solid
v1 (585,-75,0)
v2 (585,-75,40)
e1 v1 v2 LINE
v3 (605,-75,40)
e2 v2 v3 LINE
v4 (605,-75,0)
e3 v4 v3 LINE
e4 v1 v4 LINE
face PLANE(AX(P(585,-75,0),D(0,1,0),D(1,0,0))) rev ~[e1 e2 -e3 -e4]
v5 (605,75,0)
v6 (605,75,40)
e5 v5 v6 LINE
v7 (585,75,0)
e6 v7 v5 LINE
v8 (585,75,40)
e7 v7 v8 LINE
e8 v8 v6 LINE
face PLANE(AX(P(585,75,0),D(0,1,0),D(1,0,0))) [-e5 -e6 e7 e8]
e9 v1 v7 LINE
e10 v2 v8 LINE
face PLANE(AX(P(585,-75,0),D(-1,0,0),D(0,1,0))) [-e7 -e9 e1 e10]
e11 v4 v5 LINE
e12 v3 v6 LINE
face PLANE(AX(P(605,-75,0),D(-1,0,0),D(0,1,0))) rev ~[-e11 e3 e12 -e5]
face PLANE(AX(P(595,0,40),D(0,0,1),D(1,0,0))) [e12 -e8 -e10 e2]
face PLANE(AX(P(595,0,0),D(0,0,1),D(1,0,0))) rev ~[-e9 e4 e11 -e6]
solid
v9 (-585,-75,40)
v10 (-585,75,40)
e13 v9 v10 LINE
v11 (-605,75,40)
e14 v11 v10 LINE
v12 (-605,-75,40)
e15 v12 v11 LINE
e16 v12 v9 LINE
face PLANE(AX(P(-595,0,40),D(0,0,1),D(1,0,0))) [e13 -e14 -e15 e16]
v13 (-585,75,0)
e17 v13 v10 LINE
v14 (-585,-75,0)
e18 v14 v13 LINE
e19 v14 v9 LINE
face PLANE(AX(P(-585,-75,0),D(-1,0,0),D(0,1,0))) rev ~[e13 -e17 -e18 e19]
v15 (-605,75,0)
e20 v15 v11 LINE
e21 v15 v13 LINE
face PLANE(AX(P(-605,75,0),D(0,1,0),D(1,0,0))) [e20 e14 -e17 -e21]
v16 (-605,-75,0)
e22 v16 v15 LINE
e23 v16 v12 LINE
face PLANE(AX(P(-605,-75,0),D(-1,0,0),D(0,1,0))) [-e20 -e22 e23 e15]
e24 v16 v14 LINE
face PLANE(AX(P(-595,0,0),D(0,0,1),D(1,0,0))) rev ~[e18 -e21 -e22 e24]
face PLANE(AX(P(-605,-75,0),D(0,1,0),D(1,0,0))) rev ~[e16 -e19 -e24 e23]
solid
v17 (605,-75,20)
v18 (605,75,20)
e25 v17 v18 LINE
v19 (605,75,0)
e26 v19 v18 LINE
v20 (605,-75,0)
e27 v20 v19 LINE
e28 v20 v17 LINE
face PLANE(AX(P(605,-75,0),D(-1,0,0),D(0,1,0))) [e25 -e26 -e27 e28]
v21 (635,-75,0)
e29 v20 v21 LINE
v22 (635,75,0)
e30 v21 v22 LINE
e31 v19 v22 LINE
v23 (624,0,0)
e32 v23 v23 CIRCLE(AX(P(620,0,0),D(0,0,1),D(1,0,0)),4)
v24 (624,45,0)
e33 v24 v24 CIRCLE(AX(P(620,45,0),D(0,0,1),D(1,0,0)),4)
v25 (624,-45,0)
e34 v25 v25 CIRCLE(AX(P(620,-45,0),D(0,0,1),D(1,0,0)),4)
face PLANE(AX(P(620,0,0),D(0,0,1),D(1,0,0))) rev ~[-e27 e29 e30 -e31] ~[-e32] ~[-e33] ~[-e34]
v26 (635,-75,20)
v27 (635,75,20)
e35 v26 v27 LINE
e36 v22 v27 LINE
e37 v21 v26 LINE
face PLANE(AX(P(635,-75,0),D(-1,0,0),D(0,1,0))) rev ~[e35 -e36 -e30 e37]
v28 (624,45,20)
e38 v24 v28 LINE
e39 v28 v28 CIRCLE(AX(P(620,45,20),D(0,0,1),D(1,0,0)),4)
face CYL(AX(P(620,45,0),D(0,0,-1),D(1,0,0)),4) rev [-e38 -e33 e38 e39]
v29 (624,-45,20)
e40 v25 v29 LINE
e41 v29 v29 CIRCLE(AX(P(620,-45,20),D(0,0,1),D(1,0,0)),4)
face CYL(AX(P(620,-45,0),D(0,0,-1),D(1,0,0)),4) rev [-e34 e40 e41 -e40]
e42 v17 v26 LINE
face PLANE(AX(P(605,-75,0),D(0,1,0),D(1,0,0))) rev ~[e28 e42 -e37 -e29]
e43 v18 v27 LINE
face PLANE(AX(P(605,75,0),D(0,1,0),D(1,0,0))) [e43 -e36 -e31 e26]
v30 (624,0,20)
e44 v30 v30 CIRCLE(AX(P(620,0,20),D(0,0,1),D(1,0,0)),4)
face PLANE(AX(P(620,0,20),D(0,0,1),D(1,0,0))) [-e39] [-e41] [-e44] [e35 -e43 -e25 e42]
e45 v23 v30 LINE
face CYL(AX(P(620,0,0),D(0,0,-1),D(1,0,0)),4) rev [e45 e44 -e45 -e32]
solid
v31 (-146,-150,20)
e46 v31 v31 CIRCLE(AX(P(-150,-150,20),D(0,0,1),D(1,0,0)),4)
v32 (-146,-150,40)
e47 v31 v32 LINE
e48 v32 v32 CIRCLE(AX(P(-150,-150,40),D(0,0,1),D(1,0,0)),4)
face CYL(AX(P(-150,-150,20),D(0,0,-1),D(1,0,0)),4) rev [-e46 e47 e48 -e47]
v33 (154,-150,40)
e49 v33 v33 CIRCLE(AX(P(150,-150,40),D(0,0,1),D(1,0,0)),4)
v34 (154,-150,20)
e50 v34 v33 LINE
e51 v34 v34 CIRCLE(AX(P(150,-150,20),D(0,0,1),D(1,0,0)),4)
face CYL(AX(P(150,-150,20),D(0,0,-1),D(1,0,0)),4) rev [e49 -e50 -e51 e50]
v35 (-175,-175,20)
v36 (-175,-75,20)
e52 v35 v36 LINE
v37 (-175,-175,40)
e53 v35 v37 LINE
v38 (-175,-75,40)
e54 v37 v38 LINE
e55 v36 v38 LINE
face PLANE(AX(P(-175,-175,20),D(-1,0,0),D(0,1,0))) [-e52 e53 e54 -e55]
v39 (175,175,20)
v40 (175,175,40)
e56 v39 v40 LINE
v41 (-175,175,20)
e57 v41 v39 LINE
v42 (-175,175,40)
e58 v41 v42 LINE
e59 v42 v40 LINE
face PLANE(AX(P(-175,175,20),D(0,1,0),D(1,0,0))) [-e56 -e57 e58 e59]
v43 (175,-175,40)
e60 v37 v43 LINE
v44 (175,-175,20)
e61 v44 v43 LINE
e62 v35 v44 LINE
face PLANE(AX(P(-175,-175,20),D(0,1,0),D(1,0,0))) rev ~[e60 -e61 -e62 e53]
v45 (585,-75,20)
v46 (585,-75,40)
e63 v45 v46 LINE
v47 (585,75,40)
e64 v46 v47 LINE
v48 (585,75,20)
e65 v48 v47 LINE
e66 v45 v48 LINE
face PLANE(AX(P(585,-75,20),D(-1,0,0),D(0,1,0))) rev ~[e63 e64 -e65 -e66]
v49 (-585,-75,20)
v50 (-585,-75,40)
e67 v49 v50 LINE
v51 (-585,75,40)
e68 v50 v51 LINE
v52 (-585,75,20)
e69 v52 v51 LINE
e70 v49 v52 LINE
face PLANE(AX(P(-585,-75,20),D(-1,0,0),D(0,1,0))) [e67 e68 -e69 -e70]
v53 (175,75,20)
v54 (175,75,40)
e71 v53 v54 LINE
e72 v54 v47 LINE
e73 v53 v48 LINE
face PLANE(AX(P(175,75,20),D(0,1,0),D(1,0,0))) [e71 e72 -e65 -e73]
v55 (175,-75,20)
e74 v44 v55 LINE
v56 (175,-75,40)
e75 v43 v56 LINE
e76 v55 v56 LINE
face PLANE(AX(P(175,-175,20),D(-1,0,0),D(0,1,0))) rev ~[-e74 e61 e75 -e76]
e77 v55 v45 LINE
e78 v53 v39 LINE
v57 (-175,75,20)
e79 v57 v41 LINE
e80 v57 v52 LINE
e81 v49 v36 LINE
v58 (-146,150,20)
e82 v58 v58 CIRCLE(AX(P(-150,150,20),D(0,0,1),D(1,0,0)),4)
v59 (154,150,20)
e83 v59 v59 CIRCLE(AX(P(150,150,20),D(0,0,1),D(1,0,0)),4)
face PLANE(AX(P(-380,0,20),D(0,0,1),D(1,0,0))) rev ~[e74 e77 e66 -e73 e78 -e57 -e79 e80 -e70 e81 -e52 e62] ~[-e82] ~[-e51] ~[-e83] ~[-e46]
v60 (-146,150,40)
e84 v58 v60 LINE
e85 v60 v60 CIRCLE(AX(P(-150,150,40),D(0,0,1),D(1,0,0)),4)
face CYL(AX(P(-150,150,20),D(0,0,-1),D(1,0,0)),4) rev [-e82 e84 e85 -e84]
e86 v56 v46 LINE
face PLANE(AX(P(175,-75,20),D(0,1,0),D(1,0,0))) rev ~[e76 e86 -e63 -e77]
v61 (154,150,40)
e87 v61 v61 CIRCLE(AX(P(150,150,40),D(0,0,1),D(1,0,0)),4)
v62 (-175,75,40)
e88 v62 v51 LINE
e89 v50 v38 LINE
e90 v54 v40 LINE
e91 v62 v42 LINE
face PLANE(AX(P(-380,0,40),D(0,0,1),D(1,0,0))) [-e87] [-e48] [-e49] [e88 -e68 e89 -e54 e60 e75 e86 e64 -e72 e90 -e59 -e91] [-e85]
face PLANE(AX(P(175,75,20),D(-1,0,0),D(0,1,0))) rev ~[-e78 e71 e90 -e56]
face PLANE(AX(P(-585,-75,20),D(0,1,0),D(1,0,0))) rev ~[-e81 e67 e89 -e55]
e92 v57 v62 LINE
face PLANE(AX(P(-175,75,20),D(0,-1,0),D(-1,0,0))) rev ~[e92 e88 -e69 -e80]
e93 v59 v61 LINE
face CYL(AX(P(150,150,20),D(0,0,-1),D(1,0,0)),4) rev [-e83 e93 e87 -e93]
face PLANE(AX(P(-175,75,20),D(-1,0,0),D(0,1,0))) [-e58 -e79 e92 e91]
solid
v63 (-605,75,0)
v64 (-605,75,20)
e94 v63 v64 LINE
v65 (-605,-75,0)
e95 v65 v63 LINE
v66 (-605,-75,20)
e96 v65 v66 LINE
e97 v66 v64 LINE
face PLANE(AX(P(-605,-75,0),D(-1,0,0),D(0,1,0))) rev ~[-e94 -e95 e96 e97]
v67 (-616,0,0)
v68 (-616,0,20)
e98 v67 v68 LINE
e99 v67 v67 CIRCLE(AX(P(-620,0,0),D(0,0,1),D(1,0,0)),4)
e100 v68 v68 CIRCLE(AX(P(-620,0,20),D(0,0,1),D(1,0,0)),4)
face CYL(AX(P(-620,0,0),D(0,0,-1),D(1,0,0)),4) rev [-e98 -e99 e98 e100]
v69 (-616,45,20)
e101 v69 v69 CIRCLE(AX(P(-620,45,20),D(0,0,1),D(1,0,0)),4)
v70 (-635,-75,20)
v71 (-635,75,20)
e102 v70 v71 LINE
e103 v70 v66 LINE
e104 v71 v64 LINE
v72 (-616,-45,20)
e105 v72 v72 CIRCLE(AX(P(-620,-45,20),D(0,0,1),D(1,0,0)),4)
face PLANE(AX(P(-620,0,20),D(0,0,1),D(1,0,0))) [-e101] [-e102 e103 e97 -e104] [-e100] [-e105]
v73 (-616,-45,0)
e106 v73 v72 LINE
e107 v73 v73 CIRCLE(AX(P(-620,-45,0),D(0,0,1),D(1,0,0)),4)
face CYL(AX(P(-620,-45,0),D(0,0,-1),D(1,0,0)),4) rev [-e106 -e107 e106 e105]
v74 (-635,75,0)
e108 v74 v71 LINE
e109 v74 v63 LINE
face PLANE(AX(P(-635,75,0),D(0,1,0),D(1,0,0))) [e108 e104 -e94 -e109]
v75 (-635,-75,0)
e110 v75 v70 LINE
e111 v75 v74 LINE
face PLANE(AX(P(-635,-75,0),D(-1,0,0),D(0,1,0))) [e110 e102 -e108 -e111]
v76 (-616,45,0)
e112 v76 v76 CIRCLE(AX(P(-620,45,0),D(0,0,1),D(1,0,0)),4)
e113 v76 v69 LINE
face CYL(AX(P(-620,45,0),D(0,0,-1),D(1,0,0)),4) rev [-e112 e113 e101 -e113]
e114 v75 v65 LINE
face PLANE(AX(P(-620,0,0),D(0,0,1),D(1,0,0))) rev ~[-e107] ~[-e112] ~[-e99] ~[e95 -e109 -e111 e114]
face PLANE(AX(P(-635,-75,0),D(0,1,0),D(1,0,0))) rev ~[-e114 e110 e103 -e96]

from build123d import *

# Parameters (mm, degrees)
F0_W     = 30
F0_H     = 150
F0_R     = 4
F1_DEPTH = 20
F0_W_2   = 20
F2_DEPTH = 40
F3_START = 20
F0_W_3   = 410
F0_W_4   = 350
F0_H_2   = 100
F3_DEPTH = 20


with BuildPart() as f1:
    # F0 (on Top) → F1 (new body)
    with BuildSketch(Plane.XY):
        with Locations((-620, 0)):
            Rectangle(F0_W, F0_H)
        with Locations((-620, -45)):
            Circle(F0_R, mode=Mode.SUBTRACT)
        with Locations((-620, 0)):
            Circle(F0_R, mode=Mode.SUBTRACT)
        with Locations((-620, 45)):
            Circle(F0_R, mode=Mode.SUBTRACT)
    extrude(amount=F1_DEPTH)


with BuildPart() as f1b:
    # F0 (on Top) → F1, piece 2 (new body)
    with BuildSketch(Plane.XY):
        with Locations((620, 0)):
            Rectangle(F0_W, F0_H)
        with Locations((620, -45)):
            Circle(F0_R, mode=Mode.SUBTRACT)
        with Locations((620, 0)):
            Circle(F0_R, mode=Mode.SUBTRACT)
        with Locations((620, 45)):
            Circle(F0_R, mode=Mode.SUBTRACT)
    extrude(amount=F1_DEPTH)


with BuildPart() as f2:
    # F0 (on Top) → F2 (new body)
    with BuildSketch(Plane.XY):
        with Locations((-595, 0)):
            Rectangle(F0_W_2, F0_H)
    extrude(amount=F2_DEPTH)


with BuildPart() as f2b:
    # F0 (on Top) → F2, piece 2 (new body)
    with BuildSketch(Plane.XY):
        with Locations((595, 0)):
            Rectangle(F0_W_2, F0_H)
    extrude(amount=F2_DEPTH)


with BuildPart() as f3:
    # F0 (on Top) → F3 (new body)
    with BuildSketch(Plane.XY.offset(F3_START)):
        with Locations((-380, 0)):
            Rectangle(F0_W_3, F0_H)
        Rectangle(F0_W_4, F0_H)
        with Locations((0, 125)):
            Rectangle(F0_W_4, F0_H_2)
        with Locations((-150, 150)):
            Circle(F0_R, mode=Mode.SUBTRACT)
        with Locations((150, 150)):
            Circle(F0_R, mode=Mode.SUBTRACT)
        with Locations((0, -125)):
            Rectangle(F0_W_4, F0_H_2)
        with Locations((-150, -150)):
            Circle(F0_R, mode=Mode.SUBTRACT)
        with Locations((150, -150)):
            Circle(F0_R, mode=Mode.SUBTRACT)
        with Locations((380, 0)):
            Rectangle(F0_W_3, F0_H)
    extrude(amount=F3_DEPTH)


solid = Compound([f1.part, f1b.part, f2.part, f2b.part, f3.part])
